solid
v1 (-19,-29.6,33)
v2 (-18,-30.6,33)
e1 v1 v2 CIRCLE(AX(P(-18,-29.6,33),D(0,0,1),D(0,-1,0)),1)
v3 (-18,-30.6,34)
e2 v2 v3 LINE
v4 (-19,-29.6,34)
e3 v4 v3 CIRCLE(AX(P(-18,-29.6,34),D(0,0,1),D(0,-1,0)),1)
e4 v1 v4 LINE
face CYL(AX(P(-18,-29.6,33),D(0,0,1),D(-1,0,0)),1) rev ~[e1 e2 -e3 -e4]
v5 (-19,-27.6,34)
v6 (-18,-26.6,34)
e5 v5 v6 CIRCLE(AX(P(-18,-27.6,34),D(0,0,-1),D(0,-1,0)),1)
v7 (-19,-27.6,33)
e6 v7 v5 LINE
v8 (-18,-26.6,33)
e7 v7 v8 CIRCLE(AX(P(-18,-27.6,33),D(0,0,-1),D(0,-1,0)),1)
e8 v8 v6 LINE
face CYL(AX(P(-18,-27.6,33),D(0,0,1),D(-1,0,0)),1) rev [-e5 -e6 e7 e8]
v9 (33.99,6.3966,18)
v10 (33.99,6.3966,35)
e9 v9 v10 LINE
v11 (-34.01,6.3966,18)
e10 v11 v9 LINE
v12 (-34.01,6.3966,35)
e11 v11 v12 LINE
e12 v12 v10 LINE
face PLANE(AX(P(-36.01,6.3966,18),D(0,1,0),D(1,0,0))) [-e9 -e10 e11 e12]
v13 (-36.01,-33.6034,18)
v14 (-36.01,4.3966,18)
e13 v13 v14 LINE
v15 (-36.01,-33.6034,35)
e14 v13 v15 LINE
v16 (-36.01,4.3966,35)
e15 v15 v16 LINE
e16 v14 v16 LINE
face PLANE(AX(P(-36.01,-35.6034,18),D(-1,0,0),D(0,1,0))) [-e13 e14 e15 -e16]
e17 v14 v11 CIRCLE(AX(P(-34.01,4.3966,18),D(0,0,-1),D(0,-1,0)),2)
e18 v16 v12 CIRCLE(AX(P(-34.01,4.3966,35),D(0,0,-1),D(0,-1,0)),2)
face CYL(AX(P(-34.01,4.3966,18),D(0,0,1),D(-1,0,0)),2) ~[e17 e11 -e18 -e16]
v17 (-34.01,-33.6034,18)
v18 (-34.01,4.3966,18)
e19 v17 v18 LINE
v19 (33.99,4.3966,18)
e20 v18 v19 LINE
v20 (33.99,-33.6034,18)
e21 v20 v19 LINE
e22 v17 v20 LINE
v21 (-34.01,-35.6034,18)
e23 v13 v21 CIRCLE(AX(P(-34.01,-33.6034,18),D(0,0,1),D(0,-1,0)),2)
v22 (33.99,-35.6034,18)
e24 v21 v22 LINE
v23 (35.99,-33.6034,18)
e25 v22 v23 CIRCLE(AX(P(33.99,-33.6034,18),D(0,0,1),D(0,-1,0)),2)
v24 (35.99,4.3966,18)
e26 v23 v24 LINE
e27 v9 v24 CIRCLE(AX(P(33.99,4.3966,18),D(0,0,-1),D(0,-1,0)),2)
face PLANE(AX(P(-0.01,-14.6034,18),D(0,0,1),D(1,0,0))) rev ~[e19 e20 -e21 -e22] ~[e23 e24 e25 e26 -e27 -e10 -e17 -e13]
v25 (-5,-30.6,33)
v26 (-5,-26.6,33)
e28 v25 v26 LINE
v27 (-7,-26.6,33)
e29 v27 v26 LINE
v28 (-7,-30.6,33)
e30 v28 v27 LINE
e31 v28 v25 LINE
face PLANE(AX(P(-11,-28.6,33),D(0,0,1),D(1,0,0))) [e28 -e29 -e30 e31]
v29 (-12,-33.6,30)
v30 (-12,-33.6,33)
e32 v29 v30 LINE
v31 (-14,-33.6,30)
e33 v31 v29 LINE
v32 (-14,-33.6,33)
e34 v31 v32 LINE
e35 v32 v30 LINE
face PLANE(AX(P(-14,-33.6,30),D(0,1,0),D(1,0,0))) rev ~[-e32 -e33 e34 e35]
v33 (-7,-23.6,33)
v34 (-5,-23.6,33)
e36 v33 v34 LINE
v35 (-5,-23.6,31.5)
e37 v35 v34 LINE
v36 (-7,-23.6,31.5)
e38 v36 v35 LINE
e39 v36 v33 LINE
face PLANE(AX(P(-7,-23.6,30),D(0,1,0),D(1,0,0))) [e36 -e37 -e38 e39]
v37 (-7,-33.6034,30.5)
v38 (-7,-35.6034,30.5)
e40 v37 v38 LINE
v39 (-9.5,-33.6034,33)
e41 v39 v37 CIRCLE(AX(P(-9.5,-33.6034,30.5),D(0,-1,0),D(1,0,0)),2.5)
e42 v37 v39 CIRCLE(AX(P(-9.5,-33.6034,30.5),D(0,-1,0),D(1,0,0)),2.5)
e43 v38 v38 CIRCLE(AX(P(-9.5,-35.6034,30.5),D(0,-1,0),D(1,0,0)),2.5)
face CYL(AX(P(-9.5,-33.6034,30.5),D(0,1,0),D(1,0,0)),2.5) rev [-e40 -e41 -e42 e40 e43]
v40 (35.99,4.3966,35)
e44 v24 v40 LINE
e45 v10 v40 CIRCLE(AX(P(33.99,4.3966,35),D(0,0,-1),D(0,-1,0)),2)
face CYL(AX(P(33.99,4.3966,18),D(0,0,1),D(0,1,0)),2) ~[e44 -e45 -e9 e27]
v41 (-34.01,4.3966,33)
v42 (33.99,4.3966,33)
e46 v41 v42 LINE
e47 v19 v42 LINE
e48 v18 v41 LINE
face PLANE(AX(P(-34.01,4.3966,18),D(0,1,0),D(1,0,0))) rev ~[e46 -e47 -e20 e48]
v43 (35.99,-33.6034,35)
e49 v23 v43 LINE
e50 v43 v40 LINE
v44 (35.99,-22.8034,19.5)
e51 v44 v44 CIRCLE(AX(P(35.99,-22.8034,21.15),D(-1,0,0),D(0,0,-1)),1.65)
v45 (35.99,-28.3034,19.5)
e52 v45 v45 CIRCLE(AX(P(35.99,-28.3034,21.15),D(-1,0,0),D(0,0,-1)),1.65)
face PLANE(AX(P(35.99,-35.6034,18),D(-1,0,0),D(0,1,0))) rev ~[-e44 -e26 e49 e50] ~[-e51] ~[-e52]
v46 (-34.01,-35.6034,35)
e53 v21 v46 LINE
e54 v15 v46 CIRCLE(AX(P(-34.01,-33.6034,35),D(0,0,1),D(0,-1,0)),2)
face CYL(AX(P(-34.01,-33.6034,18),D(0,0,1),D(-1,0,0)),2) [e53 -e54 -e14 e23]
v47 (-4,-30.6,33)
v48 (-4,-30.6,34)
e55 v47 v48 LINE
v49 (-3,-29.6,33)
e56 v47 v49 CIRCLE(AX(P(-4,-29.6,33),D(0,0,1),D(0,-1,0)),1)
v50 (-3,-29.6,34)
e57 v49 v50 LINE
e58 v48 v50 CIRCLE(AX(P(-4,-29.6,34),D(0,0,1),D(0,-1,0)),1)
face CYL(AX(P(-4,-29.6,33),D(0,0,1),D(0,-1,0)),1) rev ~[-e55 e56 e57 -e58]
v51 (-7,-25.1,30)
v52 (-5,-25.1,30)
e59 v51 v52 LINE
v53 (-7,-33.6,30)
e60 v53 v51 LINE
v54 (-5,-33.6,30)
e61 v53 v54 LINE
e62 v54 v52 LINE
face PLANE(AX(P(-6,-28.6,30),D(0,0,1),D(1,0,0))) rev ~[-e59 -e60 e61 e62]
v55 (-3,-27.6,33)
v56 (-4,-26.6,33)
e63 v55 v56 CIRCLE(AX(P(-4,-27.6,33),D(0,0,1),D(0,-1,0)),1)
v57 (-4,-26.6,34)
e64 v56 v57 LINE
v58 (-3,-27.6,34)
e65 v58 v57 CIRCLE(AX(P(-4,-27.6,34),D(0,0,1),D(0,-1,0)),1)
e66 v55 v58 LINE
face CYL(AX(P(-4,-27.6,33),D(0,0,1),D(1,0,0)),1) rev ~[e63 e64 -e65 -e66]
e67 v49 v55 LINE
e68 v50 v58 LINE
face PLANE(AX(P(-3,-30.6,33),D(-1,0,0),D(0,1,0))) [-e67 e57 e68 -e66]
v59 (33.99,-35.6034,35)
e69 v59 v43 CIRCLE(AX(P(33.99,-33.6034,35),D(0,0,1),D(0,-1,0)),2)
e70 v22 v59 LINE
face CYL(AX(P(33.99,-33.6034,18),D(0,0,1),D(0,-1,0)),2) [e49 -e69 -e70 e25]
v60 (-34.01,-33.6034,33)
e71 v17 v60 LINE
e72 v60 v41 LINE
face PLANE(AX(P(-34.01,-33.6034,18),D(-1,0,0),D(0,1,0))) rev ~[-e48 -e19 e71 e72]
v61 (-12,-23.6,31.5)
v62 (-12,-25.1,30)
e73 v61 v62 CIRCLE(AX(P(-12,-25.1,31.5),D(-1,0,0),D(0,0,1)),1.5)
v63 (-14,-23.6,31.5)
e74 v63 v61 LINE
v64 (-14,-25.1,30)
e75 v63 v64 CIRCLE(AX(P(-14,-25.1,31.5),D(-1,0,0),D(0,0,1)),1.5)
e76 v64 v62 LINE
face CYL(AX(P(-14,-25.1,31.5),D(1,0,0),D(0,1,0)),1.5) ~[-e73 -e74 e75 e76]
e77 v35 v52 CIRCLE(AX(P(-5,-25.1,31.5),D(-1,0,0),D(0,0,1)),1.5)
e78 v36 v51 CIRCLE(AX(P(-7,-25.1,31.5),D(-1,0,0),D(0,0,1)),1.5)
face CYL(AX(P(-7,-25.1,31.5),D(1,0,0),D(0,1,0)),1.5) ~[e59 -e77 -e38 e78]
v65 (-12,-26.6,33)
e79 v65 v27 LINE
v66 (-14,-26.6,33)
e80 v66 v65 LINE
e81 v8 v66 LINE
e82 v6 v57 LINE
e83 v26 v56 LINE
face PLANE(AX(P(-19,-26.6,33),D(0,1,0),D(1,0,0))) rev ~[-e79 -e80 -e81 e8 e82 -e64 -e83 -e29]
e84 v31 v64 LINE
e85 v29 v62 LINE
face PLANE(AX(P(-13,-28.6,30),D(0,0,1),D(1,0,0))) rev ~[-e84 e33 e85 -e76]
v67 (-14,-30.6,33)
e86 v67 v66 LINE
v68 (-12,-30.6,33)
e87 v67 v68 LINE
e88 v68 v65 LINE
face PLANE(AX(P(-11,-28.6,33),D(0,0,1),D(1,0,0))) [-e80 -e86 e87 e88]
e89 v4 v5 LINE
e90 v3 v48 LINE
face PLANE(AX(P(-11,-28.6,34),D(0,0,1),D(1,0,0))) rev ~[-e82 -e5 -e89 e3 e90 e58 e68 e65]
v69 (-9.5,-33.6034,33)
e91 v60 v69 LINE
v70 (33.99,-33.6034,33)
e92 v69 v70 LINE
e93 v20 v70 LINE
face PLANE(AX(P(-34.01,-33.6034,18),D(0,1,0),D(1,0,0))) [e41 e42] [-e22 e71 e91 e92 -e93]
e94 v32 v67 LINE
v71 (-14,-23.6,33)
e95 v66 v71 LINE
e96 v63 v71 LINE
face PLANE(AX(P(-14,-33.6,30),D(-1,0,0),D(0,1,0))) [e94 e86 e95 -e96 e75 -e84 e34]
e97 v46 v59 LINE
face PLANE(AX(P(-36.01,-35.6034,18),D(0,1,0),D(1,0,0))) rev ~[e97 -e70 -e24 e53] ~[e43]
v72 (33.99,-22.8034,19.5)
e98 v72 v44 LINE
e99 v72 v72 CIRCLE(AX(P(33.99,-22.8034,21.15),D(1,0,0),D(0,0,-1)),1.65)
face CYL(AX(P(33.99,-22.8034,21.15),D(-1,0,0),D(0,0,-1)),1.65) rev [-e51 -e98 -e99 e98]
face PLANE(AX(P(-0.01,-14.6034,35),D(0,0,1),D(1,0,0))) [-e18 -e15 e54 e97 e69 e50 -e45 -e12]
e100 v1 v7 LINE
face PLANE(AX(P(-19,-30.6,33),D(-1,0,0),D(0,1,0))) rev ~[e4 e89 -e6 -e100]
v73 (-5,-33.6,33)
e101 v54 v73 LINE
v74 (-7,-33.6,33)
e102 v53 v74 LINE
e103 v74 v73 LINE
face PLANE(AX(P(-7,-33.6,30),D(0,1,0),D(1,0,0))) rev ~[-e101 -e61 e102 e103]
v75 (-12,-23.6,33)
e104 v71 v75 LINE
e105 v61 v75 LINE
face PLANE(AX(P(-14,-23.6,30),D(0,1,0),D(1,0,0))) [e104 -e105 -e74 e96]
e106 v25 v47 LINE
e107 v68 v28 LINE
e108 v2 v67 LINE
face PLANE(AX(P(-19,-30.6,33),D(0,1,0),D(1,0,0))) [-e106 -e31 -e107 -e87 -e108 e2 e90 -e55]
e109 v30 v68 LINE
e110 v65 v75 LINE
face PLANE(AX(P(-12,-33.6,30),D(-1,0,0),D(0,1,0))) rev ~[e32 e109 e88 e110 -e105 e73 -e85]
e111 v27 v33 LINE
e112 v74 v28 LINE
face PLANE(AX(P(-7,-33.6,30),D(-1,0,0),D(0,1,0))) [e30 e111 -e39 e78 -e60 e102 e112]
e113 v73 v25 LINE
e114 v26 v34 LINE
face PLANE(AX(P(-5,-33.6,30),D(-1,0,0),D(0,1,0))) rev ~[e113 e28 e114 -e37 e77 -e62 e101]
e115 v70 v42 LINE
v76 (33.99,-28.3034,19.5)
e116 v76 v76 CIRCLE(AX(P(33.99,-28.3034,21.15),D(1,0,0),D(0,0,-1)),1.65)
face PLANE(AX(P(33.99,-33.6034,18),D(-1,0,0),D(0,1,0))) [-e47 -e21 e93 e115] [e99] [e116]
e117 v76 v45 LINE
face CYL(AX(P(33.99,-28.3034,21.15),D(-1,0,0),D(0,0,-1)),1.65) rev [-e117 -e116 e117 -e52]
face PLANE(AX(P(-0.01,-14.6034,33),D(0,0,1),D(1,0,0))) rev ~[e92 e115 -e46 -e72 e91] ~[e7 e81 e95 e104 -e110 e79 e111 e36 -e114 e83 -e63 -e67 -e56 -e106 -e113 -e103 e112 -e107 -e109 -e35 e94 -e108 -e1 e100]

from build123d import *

# Parameters (mm, degrees)
BOX017_W          = 16
BOX017_H          = 4
BOX017_DEPTH      = 1
FILLET004_R       = 1
CYLINDER025_R     = 1.65
CYLINDER025_DEPTH = 10
CYLINDER024_R     = 1.65
CYLINDER024_DEPTH = 10
BOX015_W          = 2
BOX015_H          = 10
BOX015_DEPTH      = 5
FILLET006_R       = 1.5
CYLINDER023_R     = 2.5
CYLINDER023_DEPTH = 2
BOX009_W          = 68
BOX009_H          = 38
BOX009_DEPTH      = 15
BOX008_W          = 72
BOX008_H          = 42
BOX008_DEPTH      = 17
FILLET_R          = 2
BOX018_W          = 2
BOX018_H          = 10
BOX018_DEPTH      = 5
FILLET005_R       = 1.5


with BuildPart() as fillet004:
    # Box017 → Box017 (new body)
    with BuildSketch(Plane(origin=(-19, -30.6, 33), x_dir=(1, 0, 0), z_dir=(0, 0, 1))):
        with Locations((8, 2)):
            Rectangle(BOX017_W, BOX017_H)
    extrude(amount=BOX017_DEPTH)

    # Fillet004
    fillet004_edges = [fillet004.edges().sort_by_distance(p)[0] for p in [
        (-19, -30.6, 33.5),
        (-19, -26.6, 33.5),
        (-3, -30.6, 33.5),
        (-3, -26.6, 33.5),
    ]]
    fillet(fillet004_edges, radius=FILLET004_R)


with BuildPart() as cylinder025:
    # Cylinder025 → Cylinder025 (new body)
    with BuildSketch(Plane(origin=(33.99, -22.8034, 21.15), x_dir=(0, 0, -1), z_dir=(1, 0, 0))):
        Circle(CYLINDER025_R)
    extrude(amount=CYLINDER025_DEPTH)


with BuildPart() as fusion018:
    # Cylinder024 → Cylinder024 (new body)
    with BuildSketch(Plane(origin=(33.99, -28.3034, 21.15), x_dir=(0, 0, -1), z_dir=(1, 0, 0))):
        Circle(CYLINDER024_R)
    extrude(amount=CYLINDER024_DEPTH)

    # Fusion018: union Cylinder025
    add(cylinder025.part)


with BuildPart() as fillet006:
    # Box015 → Box015 (new body)
    with BuildSketch(Plane(origin=(-14, -33.6, 30), x_dir=(1, 0, 0), z_dir=(0, 0, 1))):
        with Locations((1, 5)):
            Rectangle(BOX015_W, BOX015_H)
    extrude(amount=BOX015_DEPTH)

    # Fillet006
    fillet006_edges = [fillet006.edges().sort_by_distance(p)[0] for p in [
        (-13, -23.6, 30),
    ]]
    fillet(fillet006_edges, radius=FILLET006_R)


with BuildPart() as cylinder023:
    # Cylinder023 → Cylinder023 (new body)
    with BuildSketch(Plane(origin=(-9.5, -33.6034, 30.5), x_dir=(1, 0, 0), z_dir=(0, -1, 0))):
        Circle(CYLINDER023_R)
    extrude(amount=CYLINDER023_DEPTH)


with BuildPart() as kostka009:
    # Box009 → Box009 (new body)
    with BuildSketch(Plane(origin=(-34.01, -33.6034, 18), x_dir=(1, 0, 0), z_dir=(0, 0, 1))):
        with Locations((34, 19)):
            Rectangle(BOX009_W, BOX009_H)
    extrude(amount=BOX009_DEPTH)


with BuildPart() as cut020:
    # Box008 → Box008 (new body)
    with BuildSketch(Plane(origin=(-36.01, -35.6034, 18), x_dir=(1, 0, 0), z_dir=(0, 0, 1))):
        with Locations((36, 21)):
            Rectangle(BOX008_W, BOX008_H)
    extrude(amount=BOX008_DEPTH)

    # Cut005: cut Kostka009
    add(kostka009.part, mode=Mode.SUBTRACT)

    # Fillet
    fillet_edges = [cut020.edges().sort_by_distance(p)[0] for p in [
        (-36.01, -35.6034, 26.5),
        (-36.01, 6.3966, 26.5),
        (35.99, -35.6034, 26.5),
        (35.99, 6.3966, 26.5),
    ]]
    fillet(fillet_edges, radius=FILLET_R)

    # Cut020: cut Cylinder023
    add(cylinder023.part, mode=Mode.SUBTRACT)


with BuildPart() as cover:
    # Box018 → Box018 (new body)
    with BuildSketch(Plane(origin=(-7, -33.6, 30), x_dir=(1, 0, 0), z_dir=(0, 0, 1))):
        with Locations((1, 5)):
            Rectangle(BOX018_W, BOX018_H)
    extrude(amount=BOX018_DEPTH)

    # Fillet005
    fillet005_edges = [cover.edges().sort_by_distance(p)[0] for p in [
        (-6, -23.6, 30),
    ]]
    fillet(fillet005_edges, radius=FILLET005_R)

    # Fusion017: union Fillet006, Cut020
    add(fillet006.part)
    add(cut020.part)

    # Cut021: cut Fusion018
    add(fusion018.part, mode=Mode.SUBTRACT)

    # Cut022: cut Fillet004
    add(fillet004.part, mode=Mode.SUBTRACT)


solid = cover.part
